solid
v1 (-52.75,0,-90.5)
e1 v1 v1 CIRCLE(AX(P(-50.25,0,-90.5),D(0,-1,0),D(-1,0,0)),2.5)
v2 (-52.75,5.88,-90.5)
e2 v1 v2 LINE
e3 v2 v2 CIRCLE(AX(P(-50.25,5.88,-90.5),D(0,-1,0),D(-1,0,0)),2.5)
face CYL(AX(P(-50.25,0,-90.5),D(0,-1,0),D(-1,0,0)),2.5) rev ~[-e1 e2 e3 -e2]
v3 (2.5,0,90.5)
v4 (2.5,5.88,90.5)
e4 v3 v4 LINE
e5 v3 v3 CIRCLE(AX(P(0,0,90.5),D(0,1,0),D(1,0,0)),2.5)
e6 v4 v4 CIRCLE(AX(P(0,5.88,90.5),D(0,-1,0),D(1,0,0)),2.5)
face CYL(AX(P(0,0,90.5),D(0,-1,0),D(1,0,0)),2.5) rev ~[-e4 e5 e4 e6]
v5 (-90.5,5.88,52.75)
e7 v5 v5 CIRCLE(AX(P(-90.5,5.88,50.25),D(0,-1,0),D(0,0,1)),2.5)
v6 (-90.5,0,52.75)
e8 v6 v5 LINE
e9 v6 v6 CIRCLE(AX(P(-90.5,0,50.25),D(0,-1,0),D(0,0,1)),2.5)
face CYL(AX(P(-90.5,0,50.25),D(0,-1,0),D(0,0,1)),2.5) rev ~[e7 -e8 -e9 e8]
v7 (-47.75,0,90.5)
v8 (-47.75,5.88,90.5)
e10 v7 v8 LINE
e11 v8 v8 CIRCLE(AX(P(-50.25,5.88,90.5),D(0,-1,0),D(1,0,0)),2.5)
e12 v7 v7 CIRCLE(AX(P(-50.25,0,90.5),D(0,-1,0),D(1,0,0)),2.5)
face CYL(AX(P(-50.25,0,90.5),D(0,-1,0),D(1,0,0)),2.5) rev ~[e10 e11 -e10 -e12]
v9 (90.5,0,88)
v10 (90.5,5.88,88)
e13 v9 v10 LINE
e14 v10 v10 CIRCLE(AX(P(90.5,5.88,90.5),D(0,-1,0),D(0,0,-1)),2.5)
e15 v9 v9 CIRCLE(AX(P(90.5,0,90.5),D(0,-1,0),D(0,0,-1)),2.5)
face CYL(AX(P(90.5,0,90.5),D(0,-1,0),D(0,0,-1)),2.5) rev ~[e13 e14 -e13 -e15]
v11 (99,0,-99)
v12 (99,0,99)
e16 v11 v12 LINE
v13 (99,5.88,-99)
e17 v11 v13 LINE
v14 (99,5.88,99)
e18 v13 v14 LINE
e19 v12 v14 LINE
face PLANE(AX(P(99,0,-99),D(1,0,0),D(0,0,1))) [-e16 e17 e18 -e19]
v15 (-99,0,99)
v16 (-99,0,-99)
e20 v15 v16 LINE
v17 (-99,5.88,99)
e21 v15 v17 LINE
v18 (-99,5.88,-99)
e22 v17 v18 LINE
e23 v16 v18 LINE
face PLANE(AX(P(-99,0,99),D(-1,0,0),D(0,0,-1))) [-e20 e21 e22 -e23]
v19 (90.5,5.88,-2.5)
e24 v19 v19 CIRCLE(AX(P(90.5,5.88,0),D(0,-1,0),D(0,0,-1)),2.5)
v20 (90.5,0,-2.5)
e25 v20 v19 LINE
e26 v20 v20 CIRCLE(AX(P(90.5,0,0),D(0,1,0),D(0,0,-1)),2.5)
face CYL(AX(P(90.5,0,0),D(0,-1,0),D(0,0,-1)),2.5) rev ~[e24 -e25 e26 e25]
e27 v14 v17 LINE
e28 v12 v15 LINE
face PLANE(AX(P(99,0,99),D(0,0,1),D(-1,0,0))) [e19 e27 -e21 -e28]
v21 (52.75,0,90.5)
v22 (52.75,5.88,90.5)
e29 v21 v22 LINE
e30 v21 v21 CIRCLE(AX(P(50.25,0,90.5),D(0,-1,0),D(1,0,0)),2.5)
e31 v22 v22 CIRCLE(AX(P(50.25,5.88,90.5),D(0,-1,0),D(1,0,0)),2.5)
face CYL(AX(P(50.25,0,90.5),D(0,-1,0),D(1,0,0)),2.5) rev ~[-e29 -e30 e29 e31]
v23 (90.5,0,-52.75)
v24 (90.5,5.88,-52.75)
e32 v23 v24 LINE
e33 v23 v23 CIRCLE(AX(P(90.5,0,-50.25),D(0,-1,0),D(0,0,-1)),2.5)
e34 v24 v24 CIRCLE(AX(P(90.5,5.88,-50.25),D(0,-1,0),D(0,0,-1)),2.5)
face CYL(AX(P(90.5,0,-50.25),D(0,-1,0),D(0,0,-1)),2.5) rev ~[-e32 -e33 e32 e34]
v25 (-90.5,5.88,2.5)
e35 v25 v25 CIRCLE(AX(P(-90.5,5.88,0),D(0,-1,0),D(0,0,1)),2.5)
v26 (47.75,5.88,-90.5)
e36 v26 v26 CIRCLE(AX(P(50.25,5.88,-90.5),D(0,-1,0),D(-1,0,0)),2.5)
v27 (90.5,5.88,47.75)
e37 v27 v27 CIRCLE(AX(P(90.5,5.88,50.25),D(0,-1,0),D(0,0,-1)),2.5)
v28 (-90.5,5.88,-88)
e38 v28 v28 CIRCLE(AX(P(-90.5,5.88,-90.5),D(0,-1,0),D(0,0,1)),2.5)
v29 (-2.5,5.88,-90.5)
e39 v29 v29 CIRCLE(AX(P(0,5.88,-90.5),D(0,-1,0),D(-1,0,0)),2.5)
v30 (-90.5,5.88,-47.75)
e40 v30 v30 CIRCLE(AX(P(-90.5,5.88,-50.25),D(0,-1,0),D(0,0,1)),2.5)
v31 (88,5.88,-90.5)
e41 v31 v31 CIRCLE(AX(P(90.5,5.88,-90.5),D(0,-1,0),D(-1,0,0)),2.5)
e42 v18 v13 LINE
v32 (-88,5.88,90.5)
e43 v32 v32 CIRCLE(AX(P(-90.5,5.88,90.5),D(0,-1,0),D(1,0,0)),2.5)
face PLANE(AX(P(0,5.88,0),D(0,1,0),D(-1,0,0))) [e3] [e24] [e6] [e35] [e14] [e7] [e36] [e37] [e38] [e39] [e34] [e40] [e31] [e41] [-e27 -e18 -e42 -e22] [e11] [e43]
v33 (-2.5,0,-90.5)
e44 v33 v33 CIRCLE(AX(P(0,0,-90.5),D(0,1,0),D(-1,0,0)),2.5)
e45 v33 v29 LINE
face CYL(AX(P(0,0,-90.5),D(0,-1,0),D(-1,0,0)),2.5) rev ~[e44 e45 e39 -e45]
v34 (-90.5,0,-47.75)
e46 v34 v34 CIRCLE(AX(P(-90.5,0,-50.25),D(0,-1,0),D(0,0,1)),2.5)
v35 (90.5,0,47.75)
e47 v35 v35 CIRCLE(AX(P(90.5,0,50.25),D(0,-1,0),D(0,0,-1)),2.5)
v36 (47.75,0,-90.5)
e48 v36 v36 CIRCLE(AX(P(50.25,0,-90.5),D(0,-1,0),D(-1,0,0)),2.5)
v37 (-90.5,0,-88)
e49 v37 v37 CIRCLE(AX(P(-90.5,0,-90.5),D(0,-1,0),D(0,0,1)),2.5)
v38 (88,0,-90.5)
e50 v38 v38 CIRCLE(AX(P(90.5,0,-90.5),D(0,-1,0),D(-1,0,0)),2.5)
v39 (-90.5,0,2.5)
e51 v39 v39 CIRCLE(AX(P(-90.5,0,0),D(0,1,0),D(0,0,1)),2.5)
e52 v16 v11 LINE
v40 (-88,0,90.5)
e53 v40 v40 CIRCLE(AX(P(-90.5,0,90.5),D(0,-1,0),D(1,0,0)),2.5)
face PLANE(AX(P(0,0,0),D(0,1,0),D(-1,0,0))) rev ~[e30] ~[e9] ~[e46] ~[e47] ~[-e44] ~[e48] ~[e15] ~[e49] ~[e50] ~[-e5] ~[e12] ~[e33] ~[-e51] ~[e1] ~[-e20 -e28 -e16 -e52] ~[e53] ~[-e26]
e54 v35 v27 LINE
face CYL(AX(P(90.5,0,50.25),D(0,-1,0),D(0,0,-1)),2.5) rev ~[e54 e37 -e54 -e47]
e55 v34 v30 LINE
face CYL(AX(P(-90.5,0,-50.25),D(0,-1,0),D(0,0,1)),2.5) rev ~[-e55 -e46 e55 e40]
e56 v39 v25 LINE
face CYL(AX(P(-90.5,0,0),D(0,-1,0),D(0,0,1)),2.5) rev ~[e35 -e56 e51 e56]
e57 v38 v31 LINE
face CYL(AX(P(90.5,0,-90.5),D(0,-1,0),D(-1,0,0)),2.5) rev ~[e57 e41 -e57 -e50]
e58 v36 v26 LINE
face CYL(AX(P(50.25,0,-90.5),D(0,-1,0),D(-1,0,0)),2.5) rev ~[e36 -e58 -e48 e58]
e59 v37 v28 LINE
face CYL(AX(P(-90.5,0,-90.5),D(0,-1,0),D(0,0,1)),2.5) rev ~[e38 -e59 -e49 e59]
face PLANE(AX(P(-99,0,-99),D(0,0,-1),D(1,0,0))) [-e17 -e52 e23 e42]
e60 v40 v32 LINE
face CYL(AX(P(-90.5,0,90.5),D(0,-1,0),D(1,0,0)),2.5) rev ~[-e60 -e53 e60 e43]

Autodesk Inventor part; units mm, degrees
ref_plane "YZ Plane" through (0, 0, 0) normal (1, 0, 0) x (0, 1, 0)
ref_plane "XZ Plane" through (0, 0, 0) normal (0, 1, 0) x (-1, 0, 0)
ref_plane "XY Plane" through (0, 0, 0) normal (0, 0, 1) x (1, 0, 0)
sketch "Sketch1" plane through (0, 0, 0) normal (0, 1, 0) x (-1, 0, 0)
  line L0 (99, -99) -> (-99, -99)
  line L1 (-99, -99) -> (-99, 99)
  line L2 (-99, 99) -> (99, 99)
  line L3 (99, 99) -> (99, -99)
  line L4 (99, -99) -> (-99, 99) construction
  line L5 (-99, -99) -> (99, 99) construction
  point P0 (0, 0)
  dimension "d0" = 198
  dimension "d1" = 198
extrude "Extrusion1" add sketch "Sketch1" along normal blind 5.88
sketch "Sketch2" plane through (0, 5.88, 0) normal (0, 1, 0) x (1, 0, 0)
  circle A0 centre (-76.175, -76.175) radius 5
  line L0 (99, 99) -> (-99, 99) projected
  line L1 (-99, 99) -> (-99, -99) projected
  line L2 (82.175, -82.175) -> (-82.175, -82.175)
  line L3 (-82.175, -82.175) -> (-82.175, 82.175)
  line L4 (-82.175, 82.175) -> (82.175, 82.175)
  line L5 (82.175, 82.175) -> (82.175, -82.175)
  line L6 (82.175, -82.175) -> (-82.175, 82.175) construction
  line L7 (-82.175, -82.175) -> (82.175, 82.175) construction
  line L8 (75, -75) -> (-75, -75)
  line L9 (-75, -75) -> (-75, 75)
  line L10 (-75, 75) -> (75, 75)
  line L11 (75, 75) -> (75, -75)
  line L12 (75, -75) -> (-75, 75) construction
  line L13 (-75, -75) -> (75, 75) construction
  circle A1 centre (-76.175, -76.175) radius 6
  circle A2 centre (-90.5875, 62.75) radius 2.5
  line L14 (0, 0) -> (-75, 0)
  circle A3 centre (-90.5875, -62.75) radius 2.5
  circle A4 centre (-62.75, -90.5875) radius 2.5
  circle A5 centre (62.75, -90.5875) radius 2.5
  circle A6 centre (90.5875, -62.75) radius 2.5
  circle A7 centre (90.5875, 62.75) radius 2.5
  circle A8 centre (62.75, 90.5875) radius 2.5
  circle A9 centre (-62.75, 90.5875) radius 2.5
  dimension "d4" = 10
  dimension "d7" = 16.825
  dimension "d8" = 16.825
  dimension "d9" = 150
  dimension "d10" = 150
  dimension "d11" = 6
  dimension "d12" = 12
  dimension "d13" = 5
  dimension "d14" = 8.4125
  dimension "d15" = 62.75
  dimension "d18" = 360
extrude "Extrusion2" [suppressed]
sketch "Sketch4" plane through (0, 0, 0) normal (0, -1, 0) x (1, 0, 0)
  line L0 (-80.5, -80.5) -> (80.5, -80.5)
  line L1 (80.5, -80.5) -> (80.5, 80.5)
  line L2 (80.5, 80.5) -> (-80.5, 80.5)
  line L3 (-80.5, 80.5) -> (-80.5, -80.5)
  line L4 (-80.5, -80.5) -> (80.5, 80.5) construction
  line L5 (80.5, -80.5) -> (-80.5, 80.5) construction
  line L6 (-100.5, -100.5) -> (100.5, -100.5)
  line L7 (100.5, -100.5) -> (100.5, 100.5)
  line L8 (100.5, 100.5) -> (-100.5, 100.5)
  line L9 (-100.5, 100.5) -> (-100.5, -100.5)
  line L10 (-100.5, -100.5) -> (100.5, 100.5) construction
  line L11 (100.5, -100.5) -> (-100.5, 100.5) construction
  circle A0 centre (-50.25, 90.5) radius 2.5
  line L12 (0, 0) -> (0, 100.5)
  circle A1 centre (50.25, 90.5) radius 2.5
  circle A2 centre (-90.5, 90.5) radius 2.5
  circle A3 centre (0, 90.5) radius 2.5
  circle A4 centre (90.5, 90.5) radius 2.5
  point P0 (0, 0)
  dimension "d20" = 201
  dimension "d21" = 201
  dimension "d22" = 20
  dimension "d23" = 20
  dimension "d24" = 5
  dimension "d25" = 50.25
  dimension "d26" = 10
  dimension "d32" = 5
  dimension "d33" = 10
  dimension "d34" = 5
  dimension "d35" = 10
extrude "Extrusion3" cut sketch "Sketch4" against normal blind 10 contours A3 L12 | L12 A3 | A0 | A1 | A2
pattern_circular "Circular Pattern1" count 4 over 360 about axis through (0, -10, 0) along (0, 1, 0) of "Extrusion3"
equation "\"d2\" = thick_acrylic"
equation "\"d4\" = stopper_diameter"
equation "\"d7\" = reservoir_overlap - 2 * sm_thickness"
equation "\"d8\" = reservoir_overlap - 2 * sm_thickness"
equation "\"d9\" = bed_x"
equation "\"d10\" = bed_y"
equation "\"d13\" = m5_diameter"
equation "\"d14\" = -sm_thickness + 0.5 * reservoir_overlap"
equation "\"d15\" = 0.25 * tray_y"
equation "\"d5\" = thick_acrylic"
equation "\"d20\" = reservoir_x"
equation "\"d21\" = reservoir_y"
equation "\"d22\" = reservoir_overlap"
equation "\"d23\" = reservoir_overlap"
equation "\"d24\" = m5_diameter"
equation "\"d25\" = 0.25 * reservoir_x"
equation "\"d26\" = 0.5 * reservoir_overlap"
equation "\"d32\" = m5_diameter"
equation "\"d33\" = 0.5 * reservoir_overlap"
equation "\"d34\" = m5_diameter"
equation "\"d35\" = 0.5 * reservoir_overlap"
equation "\"sm_thickness\" = 1.5875"
equation "\"thick_acrylic\" = 5.88"
equation "\"thin_acrylic\" = 3.15"
equation "\"clear_acrylic\" = 3.15"
equation "\"wood_thickness\" = 6.72"
equation "\"m3_diameter\" = 3"
equation "\"m4_diameter\" = 4"
equation "\"m5_diameter\" = 5"
equation "\"brass_insert_drill\" = 4"
equation "\"m5_brass_insert_drill\" = 6.7"
equation "\"m3_main_length\" = 14"
equation "\"m3_main_nut_width\" = 5.7"
equation "\"m3_main_nut_thickness\" = 2.5"
equation "\"m3_main_extra\" = 1"
equation "\"stepper_screw_space\" = 35"
equation "\"stepper_shaft_diameter\" = 5"
equation "\"stepper_body_diameter\" = 28"
equation "\"laser_body_diameter\" = 12"
equation "\"t_carrier\" = 5.88"
equation "\"t_wall\" = 5.88"
equation "\"t_window\" = 3.15"
equation "\"carrier_y\" = 251"
equation "\"carrier_z\" = 12"
equation "\"carrier_z2\" = 25"
equation "\"protection_slot\" = 36.2"
equation "\"protection_slot_offset\" = 45.25"
equation "\"window_z\" = 332.225"
equation "\"window_y\" = 93.75"
equation "\"window_slot\" = 25"
equation "\"door_sensor\" = 35"
equation "\"reservoir_x\" = 201"
equation "\"reservoir_y\" = 201"
equation "\"reservoir_overlap\" = 20"
equation "\"linear_bearing_spacing\" = 271"
equation "\"motor_spacing\" = 337"
equation "\"t_tray\" = 3.15"
equation "\"tray_border\" = 25"
equation "\"tray_x\" = 251"
equation "\"tray_y\" = 251"
equation "\"bed_x\" = 150"
equation "\"bed_y\" = 150"
equation "\"stopper_diameter\" = 10"
equation "\"brass_keep_out\" = 8"
equation "\"tape_keep_out\" = 2"
equation "\"tape_thickness\" = 2"
equation "\"t_crane\" = 6.72"
equation "\"end_stop_spacing\" = 19"
equation "\"thumb_nut_offset_y\" = 0"
equation "\"thumb_nut_diameter\" = 7"
equation "\"z_min_from_center\" = 115"
equation "\"t_frame\" = 6.72"
equation "\"frame_top_z\" = 385"
equation "\"frame_bottom_z\" = 275"
equation "\"frame_total_z\" = 661.5875"
equation "\"frame_border\" = 48.0375"
equation "\"frame_foot_z\" = 12"
equation "\"frame_tilt\" = 1deg"
equation "\"printer_z\" = 289"
equation "\"lcd_x\" = 72"
equation "\"lcd_y\" = 25"
equation "\"subframe_x\" = 66"
equation "\"subframe_y_offset\" = 27.5"
equation "\"laser_y_offset\" = 19.4"
equation "\"laser_diameter\" = 12"
equation "\"laser_z_offset\" = 55"
equation "\"laser_y\" = 15"
equation "\"laser_z\" = 75"
equation "\"t_galvo_frame\" = 6.72"
equation "\"galvo_frame_x\" = 66"
equation "\"galvo_frame_z\" = 85"
equation "\"galvo_frame_y_offset\" = 27.5"
equation "\"drawer_x\" = 257.3"
equation "\"drawer_y\" = 90.3375"
equation "\"drawer_z\" = 278.175"
equation "\"drawer_z_from_bottom\" = 25"
equation "\"crane_z2\" = 12"
equation "\"bed_z\" = 25"
equation "\"nema17_x\" = 43"
equation "\"very_thick_acrylic\" = 9.45"
equation "\"m5_press_nut_drill\" = 6.5"
equation "\"visor_x\" = 253.925"
equation "\"m3_press_nut_drill\" = 4.5"
equation "\"window_overlap\" = 48"
equation "\"m5_head\" = 10.3"
equation "\"visor_y\" = 85.6"
equation "\"door_overlap\" = 48"
equation "\"door_z\" = 332.225"
equation "\"acrylic_into_frame\" = 5"
equation "\"m3_head\" = 6"
equation "\"door_x\" = 251"
equation "\"drawer_support_from_top\" = 48"
equation "\"laser_gap\" = 1"
equation "\"frame_screw_from_center\" = 25"
equation "\"drawer_screw_from_center\" = 55"
equation "\"frame_face_y\" = 45"
equation "\"switch_spacing\" = 19"
equation "\"subframe_y\" = 55"
equation "\"al_thickness\" = 1.5875"
equation "\"rivet_diameter\" = 3.3"
equation "\"bend_factor\" = 2.26205"
equation "\"sm_bend\" = 3.591"
equation "\"al_bend\" = 3.591"
equation "\"frame_x\" = 353.375"
equation "\"carrier_y2\" = 76.825"
properties part number "tray"
